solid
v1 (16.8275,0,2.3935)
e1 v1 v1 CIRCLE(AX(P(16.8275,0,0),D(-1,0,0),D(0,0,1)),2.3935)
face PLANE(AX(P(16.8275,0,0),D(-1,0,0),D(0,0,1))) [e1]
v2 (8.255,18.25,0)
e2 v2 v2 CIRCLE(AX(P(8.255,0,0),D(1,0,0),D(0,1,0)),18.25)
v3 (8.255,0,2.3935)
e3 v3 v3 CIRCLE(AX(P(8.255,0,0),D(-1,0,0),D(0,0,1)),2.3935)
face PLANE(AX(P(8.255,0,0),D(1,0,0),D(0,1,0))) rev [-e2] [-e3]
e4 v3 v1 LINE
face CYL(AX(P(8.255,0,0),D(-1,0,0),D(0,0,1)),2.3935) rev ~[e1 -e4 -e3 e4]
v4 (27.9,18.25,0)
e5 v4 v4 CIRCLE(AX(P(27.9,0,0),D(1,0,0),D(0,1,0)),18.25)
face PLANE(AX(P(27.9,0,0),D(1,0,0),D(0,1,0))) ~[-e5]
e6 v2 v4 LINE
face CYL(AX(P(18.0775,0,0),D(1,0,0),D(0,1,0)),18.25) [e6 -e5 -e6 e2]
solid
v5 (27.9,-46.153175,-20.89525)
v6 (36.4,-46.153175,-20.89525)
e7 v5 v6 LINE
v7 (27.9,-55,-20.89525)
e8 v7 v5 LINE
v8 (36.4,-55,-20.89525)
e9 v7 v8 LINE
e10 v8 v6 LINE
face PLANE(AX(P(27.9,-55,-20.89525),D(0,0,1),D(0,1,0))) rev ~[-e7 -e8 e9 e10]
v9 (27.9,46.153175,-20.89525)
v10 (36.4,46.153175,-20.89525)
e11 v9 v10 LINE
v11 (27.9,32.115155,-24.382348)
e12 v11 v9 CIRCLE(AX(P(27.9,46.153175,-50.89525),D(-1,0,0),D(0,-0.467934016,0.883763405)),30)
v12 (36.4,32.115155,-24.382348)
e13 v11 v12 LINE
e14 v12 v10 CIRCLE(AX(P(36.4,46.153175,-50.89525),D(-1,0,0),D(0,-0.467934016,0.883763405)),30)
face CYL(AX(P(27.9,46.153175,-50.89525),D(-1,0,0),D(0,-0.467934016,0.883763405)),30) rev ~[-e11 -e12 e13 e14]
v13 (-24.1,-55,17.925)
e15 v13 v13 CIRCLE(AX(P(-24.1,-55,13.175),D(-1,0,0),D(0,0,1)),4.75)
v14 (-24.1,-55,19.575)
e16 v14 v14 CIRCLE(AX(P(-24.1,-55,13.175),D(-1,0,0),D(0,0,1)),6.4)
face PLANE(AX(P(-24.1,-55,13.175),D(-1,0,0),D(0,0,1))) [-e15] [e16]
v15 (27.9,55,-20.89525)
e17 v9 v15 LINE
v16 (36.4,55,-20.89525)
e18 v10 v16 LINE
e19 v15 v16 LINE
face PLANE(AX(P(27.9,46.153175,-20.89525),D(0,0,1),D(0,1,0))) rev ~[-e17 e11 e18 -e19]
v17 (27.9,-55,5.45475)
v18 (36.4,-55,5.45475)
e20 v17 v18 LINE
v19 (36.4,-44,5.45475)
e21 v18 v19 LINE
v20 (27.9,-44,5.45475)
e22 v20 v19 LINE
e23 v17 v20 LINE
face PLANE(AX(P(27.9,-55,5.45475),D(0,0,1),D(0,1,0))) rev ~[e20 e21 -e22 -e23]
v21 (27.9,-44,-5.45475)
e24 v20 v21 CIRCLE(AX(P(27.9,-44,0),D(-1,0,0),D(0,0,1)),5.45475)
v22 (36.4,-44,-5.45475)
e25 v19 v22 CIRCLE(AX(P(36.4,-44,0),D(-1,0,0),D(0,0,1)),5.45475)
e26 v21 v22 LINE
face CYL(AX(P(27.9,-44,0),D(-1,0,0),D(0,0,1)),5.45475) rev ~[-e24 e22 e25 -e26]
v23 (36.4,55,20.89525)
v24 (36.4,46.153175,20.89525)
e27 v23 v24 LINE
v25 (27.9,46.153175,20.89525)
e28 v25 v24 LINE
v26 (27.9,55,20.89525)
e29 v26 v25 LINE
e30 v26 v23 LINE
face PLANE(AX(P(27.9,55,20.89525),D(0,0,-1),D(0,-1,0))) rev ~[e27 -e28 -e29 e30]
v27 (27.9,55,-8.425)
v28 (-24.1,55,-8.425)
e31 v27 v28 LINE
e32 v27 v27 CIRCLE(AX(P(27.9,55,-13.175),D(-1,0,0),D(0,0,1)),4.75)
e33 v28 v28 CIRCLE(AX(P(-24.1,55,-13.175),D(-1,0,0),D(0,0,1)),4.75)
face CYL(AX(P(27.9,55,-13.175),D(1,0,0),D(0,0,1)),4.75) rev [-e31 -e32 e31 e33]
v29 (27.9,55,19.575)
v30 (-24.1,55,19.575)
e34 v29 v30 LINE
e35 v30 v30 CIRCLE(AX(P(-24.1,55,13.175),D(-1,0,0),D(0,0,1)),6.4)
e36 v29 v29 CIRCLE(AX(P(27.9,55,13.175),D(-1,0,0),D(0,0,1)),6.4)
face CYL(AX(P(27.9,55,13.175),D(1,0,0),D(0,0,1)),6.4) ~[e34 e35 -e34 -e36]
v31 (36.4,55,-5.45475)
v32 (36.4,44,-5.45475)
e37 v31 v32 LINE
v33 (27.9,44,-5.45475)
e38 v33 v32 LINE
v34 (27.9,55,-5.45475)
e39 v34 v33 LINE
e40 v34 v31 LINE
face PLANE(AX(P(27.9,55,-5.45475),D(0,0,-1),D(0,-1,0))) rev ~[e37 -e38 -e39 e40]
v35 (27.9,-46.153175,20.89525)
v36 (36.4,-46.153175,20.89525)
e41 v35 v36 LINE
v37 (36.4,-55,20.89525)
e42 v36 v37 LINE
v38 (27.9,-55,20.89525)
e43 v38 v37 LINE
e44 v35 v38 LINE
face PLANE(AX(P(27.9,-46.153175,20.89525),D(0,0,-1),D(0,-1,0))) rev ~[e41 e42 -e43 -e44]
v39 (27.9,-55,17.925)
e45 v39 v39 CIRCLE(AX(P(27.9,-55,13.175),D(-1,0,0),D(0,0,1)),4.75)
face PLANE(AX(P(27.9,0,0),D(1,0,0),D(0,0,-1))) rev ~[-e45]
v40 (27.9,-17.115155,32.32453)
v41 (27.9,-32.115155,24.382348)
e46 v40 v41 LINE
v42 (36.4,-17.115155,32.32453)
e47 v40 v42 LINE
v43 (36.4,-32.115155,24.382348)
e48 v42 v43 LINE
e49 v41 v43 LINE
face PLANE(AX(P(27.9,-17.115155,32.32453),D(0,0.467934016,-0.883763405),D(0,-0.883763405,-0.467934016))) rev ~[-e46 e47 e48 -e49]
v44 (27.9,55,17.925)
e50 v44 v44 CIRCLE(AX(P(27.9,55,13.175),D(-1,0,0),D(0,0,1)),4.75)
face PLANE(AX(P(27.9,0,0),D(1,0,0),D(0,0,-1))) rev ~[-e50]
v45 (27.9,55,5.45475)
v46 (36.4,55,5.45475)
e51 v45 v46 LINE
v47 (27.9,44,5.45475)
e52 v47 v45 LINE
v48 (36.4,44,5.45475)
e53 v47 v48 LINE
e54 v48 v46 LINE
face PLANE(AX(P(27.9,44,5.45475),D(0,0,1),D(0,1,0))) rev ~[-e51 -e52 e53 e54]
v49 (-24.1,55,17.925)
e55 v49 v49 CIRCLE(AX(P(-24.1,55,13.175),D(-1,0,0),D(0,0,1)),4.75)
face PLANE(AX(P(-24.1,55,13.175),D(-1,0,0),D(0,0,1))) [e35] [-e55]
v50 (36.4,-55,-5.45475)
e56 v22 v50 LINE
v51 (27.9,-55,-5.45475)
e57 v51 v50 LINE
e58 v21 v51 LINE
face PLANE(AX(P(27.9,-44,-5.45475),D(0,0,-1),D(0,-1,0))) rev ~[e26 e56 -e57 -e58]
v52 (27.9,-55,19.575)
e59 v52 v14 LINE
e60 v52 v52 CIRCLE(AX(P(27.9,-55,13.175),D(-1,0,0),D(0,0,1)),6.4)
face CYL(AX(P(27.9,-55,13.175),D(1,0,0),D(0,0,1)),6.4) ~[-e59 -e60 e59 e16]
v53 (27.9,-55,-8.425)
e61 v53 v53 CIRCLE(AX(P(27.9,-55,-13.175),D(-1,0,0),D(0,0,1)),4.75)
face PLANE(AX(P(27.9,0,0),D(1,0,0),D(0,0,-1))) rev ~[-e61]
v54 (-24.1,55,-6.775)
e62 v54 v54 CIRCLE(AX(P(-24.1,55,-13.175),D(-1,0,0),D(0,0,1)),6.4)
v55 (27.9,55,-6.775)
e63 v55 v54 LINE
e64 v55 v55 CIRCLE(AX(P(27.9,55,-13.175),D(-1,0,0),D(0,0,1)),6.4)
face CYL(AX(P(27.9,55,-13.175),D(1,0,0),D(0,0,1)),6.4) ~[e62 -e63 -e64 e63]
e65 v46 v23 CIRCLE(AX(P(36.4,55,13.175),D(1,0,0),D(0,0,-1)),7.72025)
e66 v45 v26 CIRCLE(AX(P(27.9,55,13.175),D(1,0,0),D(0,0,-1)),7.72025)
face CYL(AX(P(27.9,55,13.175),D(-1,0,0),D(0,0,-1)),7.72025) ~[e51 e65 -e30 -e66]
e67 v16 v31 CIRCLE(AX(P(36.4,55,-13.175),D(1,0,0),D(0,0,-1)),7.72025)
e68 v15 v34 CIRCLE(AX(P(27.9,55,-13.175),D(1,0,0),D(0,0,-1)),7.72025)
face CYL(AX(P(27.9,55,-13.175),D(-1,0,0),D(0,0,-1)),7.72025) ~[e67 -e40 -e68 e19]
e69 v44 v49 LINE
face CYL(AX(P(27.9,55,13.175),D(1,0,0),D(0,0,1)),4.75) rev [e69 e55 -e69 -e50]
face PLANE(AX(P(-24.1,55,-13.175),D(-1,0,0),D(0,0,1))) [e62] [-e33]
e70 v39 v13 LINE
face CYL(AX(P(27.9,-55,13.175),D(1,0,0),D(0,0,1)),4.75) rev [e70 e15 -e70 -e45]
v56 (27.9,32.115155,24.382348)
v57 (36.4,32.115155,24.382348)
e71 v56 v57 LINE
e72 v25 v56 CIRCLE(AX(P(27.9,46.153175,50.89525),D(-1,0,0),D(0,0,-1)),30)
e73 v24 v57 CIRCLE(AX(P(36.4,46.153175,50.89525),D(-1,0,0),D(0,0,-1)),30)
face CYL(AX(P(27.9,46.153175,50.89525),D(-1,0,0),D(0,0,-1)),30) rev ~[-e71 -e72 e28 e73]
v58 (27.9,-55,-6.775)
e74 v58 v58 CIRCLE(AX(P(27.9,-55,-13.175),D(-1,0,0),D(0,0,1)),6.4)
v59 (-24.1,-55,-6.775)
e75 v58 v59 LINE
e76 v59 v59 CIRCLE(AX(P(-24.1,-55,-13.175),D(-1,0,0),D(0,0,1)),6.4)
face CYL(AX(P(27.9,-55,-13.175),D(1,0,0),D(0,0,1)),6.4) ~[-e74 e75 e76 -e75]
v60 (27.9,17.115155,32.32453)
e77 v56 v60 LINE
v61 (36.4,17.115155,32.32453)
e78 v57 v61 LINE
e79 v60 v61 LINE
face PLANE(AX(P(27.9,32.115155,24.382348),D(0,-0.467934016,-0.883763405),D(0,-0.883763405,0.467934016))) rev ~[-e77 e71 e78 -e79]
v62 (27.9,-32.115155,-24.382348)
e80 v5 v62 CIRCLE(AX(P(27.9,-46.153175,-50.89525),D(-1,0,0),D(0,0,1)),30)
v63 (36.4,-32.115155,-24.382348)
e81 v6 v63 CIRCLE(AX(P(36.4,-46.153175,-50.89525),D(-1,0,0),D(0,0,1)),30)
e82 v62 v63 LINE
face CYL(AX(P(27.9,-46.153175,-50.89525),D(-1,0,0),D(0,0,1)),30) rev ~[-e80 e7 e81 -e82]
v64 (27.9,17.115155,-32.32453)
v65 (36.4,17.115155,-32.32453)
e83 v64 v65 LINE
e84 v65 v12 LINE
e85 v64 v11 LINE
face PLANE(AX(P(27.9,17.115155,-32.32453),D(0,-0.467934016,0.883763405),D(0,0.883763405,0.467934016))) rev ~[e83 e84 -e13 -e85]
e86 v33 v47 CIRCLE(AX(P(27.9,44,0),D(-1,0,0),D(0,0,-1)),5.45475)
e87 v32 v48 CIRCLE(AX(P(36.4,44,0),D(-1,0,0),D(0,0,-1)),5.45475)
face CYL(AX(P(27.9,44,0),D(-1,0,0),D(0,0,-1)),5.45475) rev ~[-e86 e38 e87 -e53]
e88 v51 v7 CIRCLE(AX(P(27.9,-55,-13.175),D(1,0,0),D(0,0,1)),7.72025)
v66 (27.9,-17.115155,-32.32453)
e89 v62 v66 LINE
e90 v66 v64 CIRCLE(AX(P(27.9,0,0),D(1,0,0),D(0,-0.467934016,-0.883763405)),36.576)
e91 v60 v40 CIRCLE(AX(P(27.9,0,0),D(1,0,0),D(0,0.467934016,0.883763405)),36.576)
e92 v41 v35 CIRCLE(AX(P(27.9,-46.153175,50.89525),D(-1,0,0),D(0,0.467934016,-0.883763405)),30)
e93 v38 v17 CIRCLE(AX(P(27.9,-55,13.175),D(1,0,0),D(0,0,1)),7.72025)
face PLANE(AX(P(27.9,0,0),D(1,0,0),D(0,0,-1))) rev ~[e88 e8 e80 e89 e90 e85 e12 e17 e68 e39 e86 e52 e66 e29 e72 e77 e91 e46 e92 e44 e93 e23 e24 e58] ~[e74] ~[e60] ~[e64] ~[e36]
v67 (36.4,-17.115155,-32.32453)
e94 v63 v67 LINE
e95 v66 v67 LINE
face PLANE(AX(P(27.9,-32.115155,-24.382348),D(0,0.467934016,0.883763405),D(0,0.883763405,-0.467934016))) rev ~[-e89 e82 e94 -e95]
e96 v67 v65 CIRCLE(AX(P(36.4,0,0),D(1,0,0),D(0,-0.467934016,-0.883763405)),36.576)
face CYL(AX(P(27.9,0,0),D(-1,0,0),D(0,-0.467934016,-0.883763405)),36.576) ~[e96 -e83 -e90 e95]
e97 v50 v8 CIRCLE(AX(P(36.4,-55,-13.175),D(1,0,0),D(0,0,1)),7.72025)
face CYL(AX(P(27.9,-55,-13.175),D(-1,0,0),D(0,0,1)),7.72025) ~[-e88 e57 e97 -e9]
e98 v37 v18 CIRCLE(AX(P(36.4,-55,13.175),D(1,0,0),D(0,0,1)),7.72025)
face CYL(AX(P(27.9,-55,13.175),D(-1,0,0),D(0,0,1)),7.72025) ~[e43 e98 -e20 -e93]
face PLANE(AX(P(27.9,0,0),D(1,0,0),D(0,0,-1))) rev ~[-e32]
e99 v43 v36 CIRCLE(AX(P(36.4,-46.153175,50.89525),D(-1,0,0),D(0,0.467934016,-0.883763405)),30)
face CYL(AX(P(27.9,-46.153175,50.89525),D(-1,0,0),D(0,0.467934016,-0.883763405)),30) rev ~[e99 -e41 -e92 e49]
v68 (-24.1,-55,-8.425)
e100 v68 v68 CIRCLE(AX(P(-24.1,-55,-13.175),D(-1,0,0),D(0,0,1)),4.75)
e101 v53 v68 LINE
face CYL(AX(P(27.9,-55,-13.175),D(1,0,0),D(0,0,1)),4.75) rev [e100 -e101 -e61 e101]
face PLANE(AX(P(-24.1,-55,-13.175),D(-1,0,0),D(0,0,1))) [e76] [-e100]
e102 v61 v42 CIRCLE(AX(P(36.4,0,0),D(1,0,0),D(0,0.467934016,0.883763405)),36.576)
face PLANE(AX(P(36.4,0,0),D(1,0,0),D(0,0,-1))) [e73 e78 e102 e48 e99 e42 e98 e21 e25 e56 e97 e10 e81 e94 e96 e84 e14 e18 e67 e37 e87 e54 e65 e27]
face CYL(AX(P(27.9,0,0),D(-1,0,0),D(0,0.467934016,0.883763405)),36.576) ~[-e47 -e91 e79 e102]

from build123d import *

# Parameters (mm, degrees)
SKETCH1_W           = 19.645
SKETCH1_H           = 18.25
SKETCH2_R           = 2.3935
CUT_EXTRUDE1_DEPTH  = 8.5725
SKETCH3_R           = 18.25
BOSS_EXTRUDE1_DEPTH = 8.5
SKETCH4_R           = 6.4
SKETCH4_R_2         = 4.75
BOSS_EXTRUDE2_DEPTH = 52


with BuildPart() as part:
    # Sketch1 → Revolve1 (revolve)
    with BuildSketch(Plane.XY):
        with Locations((18.0775, 9.125)):
            Rectangle(SKETCH1_W, SKETCH1_H)
    revolve(axis=Axis((8.255, 0, 0), (1, 0, 0)))

    # Sketch2 → Cut-Extrude1 (cut)
    with BuildSketch(Plane.ZY.offset(-8.255)):
        Circle(SKETCH2_R)
    extrude(amount=-CUT_EXTRUDE1_DEPTH, mode=Mode.SUBTRACT)


with BuildPart() as body_2:
    # Sketch3 → Boss-Extrude1 (new body)
    with BuildSketch(Plane(origin=(27.9, 0, 0), x_dir=(0, 0, -1), z_dir=(1, 0, 0))):
        with BuildLine():
            Line((-24.382347836, 32.115154563), (-32.324530318, 17.115154563))
            ThreePointArc((-32.324530318, 17.115154563), (-36.576, 0), (-32.324530318, -17.115154563))
            Line((-32.324530318, -17.115154563), (-24.382347836, -32.115154563))
            ThreePointArc((-24.382347836, -32.115154563), (-21.780072988, -38.920854003), (-20.89525, -46.153175037))
            Line((-20.89525, -46.153175037), (-20.89525, -55))
            ThreePointArc((-20.89525, -55), (-13.175, -62.72025), (-5.45475, -55))
            Line((-5.45475, -55), (-5.45475, -44))
            ThreePointArc((-5.45475, -44), (0, -38.54525), (5.45475, -44))
            Line((5.45475, -44), (5.45475, -55))
            ThreePointArc((5.45475, -55), (13.175, -62.72025), (20.89525, -55))
            Line((20.89525, -55), (20.89525, -46.153175037))
            ThreePointArc((20.89525, -46.153175037), (21.780072988, -38.920854003), (24.382347836, -32.115154563))
            Line((24.382347836, -32.115154563), (32.324530318, -17.115154563))
            ThreePointArc((32.324530318, -17.115154563), (36.576, 0), (32.324530318, 17.115154563))
            Line((32.324530318, 17.115154563), (24.382347836, 32.115154563))
            ThreePointArc((24.382347836, 32.115154563), (21.780072988, 38.920854003), (20.89525, 46.153175037))
            Line((20.89525, 46.153175037), (20.89525, 55))
            ThreePointArc((20.89525, 55), (13.175, 62.72025), (5.45475, 55))
            Line((5.45475, 55), (5.45475, 44))
            ThreePointArc((5.45475, 44), (0, 38.54525), (-5.45475, 44))
            Line((-5.45475, 44), (-5.45475, 55))
            ThreePointArc((-5.45475, 55), (-13.175, 62.72025), (-20.89525, 55))
            Line((-20.89525, 55), (-20.89525, 46.153175037))
            ThreePointArc((-20.89525, 46.153175037), (-21.780072988, 38.920854003), (-24.382347836, 32.115154563))
        make_face()
        Circle(SKETCH3_R, mode=Mode.SUBTRACT)
        Circle(SKETCH3_R)
    extrude(amount=BOSS_EXTRUDE1_DEPTH)

    # Sketch4 → Boss-Extrude2 (add)
    with BuildSketch(Plane.ZY.offset(-27.9)):
        with Locations((-13.175, 55)):
            Circle(SKETCH4_R)
        with Locations((-13.175, 55)):
            Circle(SKETCH4_R_2, mode=Mode.SUBTRACT)
        with Locations((13.175, 55)):
            Circle(SKETCH4_R)
        with Locations((13.175, 55)):
            Circle(SKETCH4_R_2, mode=Mode.SUBTRACT)
        with Locations((13.175, -55)):
            Circle(SKETCH4_R)
        with Locations((13.175, -55)):
            Circle(SKETCH4_R_2, mode=Mode.SUBTRACT)
        with Locations((-13.175, -55)):
            Circle(SKETCH4_R)
        with Locations((-13.175, -55)):
            Circle(SKETCH4_R_2, mode=Mode.SUBTRACT)
    extrude(amount=BOSS_EXTRUDE2_DEPTH)


solid = Compound([part.part, body_2.part])
